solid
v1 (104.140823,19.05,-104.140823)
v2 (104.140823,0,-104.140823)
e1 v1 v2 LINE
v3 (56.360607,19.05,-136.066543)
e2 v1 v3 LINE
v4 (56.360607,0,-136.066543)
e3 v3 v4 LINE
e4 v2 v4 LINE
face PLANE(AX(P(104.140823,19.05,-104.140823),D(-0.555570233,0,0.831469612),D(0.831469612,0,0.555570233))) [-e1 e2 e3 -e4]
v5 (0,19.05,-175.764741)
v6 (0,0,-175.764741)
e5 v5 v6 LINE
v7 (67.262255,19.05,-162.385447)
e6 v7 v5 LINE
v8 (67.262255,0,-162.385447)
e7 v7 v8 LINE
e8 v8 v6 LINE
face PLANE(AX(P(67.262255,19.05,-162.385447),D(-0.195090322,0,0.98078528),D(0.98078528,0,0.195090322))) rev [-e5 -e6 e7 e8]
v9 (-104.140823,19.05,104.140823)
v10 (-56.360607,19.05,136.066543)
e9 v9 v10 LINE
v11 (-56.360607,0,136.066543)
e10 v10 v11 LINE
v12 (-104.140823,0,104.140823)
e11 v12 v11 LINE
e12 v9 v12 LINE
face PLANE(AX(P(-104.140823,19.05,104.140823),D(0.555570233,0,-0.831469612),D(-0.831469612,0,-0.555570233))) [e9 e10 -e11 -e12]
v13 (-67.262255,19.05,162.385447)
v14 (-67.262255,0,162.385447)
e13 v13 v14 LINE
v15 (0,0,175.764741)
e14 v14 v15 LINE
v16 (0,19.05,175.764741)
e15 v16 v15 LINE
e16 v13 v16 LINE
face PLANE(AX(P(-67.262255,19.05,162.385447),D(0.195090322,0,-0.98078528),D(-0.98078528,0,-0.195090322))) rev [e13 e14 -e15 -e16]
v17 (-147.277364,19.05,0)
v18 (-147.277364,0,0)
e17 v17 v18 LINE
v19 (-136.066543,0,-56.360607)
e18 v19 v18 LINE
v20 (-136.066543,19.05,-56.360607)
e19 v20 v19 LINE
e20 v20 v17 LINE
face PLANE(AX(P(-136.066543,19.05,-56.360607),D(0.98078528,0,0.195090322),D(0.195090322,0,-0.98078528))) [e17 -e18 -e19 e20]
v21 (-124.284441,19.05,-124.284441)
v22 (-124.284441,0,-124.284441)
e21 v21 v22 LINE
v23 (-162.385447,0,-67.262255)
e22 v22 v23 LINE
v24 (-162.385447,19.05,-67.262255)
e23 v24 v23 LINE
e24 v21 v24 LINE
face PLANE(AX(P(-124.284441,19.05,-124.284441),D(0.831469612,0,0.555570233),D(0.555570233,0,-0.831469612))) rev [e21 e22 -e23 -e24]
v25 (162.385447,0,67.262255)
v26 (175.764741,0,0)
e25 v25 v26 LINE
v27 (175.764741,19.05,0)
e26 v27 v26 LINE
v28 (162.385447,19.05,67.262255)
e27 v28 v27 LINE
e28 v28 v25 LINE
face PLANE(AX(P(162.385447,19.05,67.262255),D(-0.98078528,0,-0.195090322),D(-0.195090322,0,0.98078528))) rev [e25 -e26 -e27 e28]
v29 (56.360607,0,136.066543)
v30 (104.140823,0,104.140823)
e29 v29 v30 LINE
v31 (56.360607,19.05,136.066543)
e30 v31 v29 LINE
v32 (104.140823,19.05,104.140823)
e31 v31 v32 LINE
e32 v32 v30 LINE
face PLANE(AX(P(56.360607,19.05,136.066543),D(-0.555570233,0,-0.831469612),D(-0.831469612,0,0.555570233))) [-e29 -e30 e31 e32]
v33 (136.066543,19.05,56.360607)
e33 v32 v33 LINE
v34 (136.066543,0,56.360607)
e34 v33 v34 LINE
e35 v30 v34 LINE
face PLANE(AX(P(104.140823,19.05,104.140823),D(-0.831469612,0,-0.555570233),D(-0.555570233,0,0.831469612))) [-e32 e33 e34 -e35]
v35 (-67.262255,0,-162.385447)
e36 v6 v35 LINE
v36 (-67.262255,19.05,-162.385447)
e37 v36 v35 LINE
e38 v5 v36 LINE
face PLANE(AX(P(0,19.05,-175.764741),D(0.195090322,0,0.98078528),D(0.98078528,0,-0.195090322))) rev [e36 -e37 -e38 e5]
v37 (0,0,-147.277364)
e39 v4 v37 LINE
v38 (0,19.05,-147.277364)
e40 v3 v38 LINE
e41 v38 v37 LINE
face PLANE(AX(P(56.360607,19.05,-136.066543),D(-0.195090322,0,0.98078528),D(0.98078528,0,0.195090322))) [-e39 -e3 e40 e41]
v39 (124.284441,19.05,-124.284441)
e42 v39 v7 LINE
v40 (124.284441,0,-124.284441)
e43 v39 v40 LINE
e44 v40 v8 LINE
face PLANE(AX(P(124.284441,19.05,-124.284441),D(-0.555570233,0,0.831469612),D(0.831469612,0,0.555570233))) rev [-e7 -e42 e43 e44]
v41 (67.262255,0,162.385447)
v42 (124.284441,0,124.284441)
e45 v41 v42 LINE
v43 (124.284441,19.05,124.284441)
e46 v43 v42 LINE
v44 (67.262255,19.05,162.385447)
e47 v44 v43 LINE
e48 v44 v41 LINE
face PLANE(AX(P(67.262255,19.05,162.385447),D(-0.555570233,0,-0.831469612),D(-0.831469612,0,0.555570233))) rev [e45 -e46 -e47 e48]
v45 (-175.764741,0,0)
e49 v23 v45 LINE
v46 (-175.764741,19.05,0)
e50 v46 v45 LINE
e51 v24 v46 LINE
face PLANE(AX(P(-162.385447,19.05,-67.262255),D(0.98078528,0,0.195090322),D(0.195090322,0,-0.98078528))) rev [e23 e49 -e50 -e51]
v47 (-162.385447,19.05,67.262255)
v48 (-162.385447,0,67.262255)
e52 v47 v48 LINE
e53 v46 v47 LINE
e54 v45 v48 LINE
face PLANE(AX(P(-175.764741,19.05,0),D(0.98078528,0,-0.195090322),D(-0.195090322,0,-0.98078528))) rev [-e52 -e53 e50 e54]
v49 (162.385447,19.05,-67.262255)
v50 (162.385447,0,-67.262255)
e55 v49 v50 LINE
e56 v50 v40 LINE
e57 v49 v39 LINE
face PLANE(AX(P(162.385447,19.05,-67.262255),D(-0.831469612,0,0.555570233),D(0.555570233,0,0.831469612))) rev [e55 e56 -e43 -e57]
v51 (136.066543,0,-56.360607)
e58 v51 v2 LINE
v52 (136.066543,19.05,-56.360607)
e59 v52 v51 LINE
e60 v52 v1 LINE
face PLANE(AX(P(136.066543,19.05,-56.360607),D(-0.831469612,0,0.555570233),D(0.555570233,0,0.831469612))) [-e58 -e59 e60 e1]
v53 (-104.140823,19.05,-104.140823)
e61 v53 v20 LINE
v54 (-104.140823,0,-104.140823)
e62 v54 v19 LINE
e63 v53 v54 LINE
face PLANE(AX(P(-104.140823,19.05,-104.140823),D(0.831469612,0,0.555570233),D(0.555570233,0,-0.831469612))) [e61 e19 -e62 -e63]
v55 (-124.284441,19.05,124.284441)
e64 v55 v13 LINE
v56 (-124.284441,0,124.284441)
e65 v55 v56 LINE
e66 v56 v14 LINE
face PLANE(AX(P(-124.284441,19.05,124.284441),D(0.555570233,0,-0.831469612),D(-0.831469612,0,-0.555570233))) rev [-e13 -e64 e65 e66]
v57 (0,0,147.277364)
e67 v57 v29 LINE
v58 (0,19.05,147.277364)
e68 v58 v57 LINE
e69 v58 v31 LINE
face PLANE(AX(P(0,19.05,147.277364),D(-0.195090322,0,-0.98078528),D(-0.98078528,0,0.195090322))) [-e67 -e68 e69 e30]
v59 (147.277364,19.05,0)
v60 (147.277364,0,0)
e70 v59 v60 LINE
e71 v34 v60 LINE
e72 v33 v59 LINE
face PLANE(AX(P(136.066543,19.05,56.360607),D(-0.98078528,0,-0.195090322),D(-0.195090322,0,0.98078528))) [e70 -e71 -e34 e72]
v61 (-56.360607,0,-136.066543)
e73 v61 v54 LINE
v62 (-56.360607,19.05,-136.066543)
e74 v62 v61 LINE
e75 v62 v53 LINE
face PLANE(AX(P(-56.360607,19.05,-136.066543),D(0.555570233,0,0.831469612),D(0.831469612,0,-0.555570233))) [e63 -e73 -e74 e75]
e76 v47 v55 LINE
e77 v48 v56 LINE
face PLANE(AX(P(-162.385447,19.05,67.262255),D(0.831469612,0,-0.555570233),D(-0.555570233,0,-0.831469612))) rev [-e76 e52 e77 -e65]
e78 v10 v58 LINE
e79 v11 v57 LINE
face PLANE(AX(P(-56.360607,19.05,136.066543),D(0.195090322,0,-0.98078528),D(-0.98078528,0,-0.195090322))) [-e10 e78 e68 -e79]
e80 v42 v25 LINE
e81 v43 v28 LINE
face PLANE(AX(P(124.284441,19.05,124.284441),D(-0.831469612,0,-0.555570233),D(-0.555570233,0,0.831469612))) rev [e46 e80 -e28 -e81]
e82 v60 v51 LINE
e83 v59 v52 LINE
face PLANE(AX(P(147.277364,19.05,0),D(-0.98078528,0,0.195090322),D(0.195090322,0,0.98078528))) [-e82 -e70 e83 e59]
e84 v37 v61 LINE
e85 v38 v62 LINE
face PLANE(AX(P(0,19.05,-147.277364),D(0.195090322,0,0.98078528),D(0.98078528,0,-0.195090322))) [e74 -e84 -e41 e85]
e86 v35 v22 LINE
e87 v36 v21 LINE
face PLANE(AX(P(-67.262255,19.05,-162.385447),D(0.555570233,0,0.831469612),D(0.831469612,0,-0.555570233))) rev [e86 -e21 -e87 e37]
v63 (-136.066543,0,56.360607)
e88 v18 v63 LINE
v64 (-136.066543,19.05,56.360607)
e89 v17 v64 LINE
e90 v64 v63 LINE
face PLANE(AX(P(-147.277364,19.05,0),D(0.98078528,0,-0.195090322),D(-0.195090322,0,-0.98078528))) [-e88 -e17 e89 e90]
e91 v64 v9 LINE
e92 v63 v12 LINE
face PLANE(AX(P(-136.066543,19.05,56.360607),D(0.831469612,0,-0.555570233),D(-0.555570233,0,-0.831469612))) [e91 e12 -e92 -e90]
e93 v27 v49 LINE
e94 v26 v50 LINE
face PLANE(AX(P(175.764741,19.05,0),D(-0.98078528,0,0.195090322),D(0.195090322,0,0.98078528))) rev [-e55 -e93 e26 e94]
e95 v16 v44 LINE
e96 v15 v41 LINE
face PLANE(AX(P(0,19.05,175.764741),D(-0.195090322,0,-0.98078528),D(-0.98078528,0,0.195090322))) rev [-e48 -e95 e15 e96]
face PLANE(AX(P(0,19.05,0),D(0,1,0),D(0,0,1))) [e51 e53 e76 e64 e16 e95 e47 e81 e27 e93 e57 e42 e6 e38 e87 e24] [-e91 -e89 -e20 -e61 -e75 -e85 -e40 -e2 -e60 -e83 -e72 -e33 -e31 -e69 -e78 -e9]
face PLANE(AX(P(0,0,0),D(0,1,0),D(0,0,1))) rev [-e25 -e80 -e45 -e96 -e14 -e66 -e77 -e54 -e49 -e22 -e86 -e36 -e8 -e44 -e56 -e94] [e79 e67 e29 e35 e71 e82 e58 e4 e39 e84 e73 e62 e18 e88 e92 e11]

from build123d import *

# Parameters (mm, degrees)
BOSS_EXTRUDE1_DEPTH = 19.05


with BuildPart() as part:
    # Sketch1 → Boss-Extrude1 (new body)
    with BuildSketch(Plane(origin=(0, 0, 0), x_dir=(1, 0, 0), z_dir=(0, 1, 0))):
        Polygon((175.764741406, 0), (162.385447122, 67.26225453), (124.284440542, 124.284440542), (67.26225453, 162.385447122), (0, 175.764741406), (-67.26225453, 162.385447122), (-124.284440542, 124.284440542), (-162.385447122, 67.26225453), (-175.764741406, 0), (-162.385447122, -67.26225453), (-124.284440542, -124.284440542), (-67.26225453, -162.385447122), (0, -175.764741406), (67.26225453, -162.385447122), (124.284440542, -124.284440542), (162.385447122, -67.26225453), align=None)
        Polygon((147.277364446, 0), (136.066542614, 56.360607336), (104.140823115, 104.140823115), (56.360607336, 136.066542614), (0, 147.277364446), (-56.360607336, 136.066542614), (-104.140823115, 104.140823115), (-136.066542614, 56.360607336), (-147.277364446, 0), (-136.066542614, -56.360607336), (-104.140823115, -104.140823115), (-56.360607336, -136.066542614), (0, -147.277364446), (56.360607336, -136.066542614), (104.140823115, -104.140823115), (136.066542614, -56.360607336), align=None, mode=Mode.SUBTRACT)
    extrude(amount=BOSS_EXTRUDE1_DEPTH)


solid = part.part
